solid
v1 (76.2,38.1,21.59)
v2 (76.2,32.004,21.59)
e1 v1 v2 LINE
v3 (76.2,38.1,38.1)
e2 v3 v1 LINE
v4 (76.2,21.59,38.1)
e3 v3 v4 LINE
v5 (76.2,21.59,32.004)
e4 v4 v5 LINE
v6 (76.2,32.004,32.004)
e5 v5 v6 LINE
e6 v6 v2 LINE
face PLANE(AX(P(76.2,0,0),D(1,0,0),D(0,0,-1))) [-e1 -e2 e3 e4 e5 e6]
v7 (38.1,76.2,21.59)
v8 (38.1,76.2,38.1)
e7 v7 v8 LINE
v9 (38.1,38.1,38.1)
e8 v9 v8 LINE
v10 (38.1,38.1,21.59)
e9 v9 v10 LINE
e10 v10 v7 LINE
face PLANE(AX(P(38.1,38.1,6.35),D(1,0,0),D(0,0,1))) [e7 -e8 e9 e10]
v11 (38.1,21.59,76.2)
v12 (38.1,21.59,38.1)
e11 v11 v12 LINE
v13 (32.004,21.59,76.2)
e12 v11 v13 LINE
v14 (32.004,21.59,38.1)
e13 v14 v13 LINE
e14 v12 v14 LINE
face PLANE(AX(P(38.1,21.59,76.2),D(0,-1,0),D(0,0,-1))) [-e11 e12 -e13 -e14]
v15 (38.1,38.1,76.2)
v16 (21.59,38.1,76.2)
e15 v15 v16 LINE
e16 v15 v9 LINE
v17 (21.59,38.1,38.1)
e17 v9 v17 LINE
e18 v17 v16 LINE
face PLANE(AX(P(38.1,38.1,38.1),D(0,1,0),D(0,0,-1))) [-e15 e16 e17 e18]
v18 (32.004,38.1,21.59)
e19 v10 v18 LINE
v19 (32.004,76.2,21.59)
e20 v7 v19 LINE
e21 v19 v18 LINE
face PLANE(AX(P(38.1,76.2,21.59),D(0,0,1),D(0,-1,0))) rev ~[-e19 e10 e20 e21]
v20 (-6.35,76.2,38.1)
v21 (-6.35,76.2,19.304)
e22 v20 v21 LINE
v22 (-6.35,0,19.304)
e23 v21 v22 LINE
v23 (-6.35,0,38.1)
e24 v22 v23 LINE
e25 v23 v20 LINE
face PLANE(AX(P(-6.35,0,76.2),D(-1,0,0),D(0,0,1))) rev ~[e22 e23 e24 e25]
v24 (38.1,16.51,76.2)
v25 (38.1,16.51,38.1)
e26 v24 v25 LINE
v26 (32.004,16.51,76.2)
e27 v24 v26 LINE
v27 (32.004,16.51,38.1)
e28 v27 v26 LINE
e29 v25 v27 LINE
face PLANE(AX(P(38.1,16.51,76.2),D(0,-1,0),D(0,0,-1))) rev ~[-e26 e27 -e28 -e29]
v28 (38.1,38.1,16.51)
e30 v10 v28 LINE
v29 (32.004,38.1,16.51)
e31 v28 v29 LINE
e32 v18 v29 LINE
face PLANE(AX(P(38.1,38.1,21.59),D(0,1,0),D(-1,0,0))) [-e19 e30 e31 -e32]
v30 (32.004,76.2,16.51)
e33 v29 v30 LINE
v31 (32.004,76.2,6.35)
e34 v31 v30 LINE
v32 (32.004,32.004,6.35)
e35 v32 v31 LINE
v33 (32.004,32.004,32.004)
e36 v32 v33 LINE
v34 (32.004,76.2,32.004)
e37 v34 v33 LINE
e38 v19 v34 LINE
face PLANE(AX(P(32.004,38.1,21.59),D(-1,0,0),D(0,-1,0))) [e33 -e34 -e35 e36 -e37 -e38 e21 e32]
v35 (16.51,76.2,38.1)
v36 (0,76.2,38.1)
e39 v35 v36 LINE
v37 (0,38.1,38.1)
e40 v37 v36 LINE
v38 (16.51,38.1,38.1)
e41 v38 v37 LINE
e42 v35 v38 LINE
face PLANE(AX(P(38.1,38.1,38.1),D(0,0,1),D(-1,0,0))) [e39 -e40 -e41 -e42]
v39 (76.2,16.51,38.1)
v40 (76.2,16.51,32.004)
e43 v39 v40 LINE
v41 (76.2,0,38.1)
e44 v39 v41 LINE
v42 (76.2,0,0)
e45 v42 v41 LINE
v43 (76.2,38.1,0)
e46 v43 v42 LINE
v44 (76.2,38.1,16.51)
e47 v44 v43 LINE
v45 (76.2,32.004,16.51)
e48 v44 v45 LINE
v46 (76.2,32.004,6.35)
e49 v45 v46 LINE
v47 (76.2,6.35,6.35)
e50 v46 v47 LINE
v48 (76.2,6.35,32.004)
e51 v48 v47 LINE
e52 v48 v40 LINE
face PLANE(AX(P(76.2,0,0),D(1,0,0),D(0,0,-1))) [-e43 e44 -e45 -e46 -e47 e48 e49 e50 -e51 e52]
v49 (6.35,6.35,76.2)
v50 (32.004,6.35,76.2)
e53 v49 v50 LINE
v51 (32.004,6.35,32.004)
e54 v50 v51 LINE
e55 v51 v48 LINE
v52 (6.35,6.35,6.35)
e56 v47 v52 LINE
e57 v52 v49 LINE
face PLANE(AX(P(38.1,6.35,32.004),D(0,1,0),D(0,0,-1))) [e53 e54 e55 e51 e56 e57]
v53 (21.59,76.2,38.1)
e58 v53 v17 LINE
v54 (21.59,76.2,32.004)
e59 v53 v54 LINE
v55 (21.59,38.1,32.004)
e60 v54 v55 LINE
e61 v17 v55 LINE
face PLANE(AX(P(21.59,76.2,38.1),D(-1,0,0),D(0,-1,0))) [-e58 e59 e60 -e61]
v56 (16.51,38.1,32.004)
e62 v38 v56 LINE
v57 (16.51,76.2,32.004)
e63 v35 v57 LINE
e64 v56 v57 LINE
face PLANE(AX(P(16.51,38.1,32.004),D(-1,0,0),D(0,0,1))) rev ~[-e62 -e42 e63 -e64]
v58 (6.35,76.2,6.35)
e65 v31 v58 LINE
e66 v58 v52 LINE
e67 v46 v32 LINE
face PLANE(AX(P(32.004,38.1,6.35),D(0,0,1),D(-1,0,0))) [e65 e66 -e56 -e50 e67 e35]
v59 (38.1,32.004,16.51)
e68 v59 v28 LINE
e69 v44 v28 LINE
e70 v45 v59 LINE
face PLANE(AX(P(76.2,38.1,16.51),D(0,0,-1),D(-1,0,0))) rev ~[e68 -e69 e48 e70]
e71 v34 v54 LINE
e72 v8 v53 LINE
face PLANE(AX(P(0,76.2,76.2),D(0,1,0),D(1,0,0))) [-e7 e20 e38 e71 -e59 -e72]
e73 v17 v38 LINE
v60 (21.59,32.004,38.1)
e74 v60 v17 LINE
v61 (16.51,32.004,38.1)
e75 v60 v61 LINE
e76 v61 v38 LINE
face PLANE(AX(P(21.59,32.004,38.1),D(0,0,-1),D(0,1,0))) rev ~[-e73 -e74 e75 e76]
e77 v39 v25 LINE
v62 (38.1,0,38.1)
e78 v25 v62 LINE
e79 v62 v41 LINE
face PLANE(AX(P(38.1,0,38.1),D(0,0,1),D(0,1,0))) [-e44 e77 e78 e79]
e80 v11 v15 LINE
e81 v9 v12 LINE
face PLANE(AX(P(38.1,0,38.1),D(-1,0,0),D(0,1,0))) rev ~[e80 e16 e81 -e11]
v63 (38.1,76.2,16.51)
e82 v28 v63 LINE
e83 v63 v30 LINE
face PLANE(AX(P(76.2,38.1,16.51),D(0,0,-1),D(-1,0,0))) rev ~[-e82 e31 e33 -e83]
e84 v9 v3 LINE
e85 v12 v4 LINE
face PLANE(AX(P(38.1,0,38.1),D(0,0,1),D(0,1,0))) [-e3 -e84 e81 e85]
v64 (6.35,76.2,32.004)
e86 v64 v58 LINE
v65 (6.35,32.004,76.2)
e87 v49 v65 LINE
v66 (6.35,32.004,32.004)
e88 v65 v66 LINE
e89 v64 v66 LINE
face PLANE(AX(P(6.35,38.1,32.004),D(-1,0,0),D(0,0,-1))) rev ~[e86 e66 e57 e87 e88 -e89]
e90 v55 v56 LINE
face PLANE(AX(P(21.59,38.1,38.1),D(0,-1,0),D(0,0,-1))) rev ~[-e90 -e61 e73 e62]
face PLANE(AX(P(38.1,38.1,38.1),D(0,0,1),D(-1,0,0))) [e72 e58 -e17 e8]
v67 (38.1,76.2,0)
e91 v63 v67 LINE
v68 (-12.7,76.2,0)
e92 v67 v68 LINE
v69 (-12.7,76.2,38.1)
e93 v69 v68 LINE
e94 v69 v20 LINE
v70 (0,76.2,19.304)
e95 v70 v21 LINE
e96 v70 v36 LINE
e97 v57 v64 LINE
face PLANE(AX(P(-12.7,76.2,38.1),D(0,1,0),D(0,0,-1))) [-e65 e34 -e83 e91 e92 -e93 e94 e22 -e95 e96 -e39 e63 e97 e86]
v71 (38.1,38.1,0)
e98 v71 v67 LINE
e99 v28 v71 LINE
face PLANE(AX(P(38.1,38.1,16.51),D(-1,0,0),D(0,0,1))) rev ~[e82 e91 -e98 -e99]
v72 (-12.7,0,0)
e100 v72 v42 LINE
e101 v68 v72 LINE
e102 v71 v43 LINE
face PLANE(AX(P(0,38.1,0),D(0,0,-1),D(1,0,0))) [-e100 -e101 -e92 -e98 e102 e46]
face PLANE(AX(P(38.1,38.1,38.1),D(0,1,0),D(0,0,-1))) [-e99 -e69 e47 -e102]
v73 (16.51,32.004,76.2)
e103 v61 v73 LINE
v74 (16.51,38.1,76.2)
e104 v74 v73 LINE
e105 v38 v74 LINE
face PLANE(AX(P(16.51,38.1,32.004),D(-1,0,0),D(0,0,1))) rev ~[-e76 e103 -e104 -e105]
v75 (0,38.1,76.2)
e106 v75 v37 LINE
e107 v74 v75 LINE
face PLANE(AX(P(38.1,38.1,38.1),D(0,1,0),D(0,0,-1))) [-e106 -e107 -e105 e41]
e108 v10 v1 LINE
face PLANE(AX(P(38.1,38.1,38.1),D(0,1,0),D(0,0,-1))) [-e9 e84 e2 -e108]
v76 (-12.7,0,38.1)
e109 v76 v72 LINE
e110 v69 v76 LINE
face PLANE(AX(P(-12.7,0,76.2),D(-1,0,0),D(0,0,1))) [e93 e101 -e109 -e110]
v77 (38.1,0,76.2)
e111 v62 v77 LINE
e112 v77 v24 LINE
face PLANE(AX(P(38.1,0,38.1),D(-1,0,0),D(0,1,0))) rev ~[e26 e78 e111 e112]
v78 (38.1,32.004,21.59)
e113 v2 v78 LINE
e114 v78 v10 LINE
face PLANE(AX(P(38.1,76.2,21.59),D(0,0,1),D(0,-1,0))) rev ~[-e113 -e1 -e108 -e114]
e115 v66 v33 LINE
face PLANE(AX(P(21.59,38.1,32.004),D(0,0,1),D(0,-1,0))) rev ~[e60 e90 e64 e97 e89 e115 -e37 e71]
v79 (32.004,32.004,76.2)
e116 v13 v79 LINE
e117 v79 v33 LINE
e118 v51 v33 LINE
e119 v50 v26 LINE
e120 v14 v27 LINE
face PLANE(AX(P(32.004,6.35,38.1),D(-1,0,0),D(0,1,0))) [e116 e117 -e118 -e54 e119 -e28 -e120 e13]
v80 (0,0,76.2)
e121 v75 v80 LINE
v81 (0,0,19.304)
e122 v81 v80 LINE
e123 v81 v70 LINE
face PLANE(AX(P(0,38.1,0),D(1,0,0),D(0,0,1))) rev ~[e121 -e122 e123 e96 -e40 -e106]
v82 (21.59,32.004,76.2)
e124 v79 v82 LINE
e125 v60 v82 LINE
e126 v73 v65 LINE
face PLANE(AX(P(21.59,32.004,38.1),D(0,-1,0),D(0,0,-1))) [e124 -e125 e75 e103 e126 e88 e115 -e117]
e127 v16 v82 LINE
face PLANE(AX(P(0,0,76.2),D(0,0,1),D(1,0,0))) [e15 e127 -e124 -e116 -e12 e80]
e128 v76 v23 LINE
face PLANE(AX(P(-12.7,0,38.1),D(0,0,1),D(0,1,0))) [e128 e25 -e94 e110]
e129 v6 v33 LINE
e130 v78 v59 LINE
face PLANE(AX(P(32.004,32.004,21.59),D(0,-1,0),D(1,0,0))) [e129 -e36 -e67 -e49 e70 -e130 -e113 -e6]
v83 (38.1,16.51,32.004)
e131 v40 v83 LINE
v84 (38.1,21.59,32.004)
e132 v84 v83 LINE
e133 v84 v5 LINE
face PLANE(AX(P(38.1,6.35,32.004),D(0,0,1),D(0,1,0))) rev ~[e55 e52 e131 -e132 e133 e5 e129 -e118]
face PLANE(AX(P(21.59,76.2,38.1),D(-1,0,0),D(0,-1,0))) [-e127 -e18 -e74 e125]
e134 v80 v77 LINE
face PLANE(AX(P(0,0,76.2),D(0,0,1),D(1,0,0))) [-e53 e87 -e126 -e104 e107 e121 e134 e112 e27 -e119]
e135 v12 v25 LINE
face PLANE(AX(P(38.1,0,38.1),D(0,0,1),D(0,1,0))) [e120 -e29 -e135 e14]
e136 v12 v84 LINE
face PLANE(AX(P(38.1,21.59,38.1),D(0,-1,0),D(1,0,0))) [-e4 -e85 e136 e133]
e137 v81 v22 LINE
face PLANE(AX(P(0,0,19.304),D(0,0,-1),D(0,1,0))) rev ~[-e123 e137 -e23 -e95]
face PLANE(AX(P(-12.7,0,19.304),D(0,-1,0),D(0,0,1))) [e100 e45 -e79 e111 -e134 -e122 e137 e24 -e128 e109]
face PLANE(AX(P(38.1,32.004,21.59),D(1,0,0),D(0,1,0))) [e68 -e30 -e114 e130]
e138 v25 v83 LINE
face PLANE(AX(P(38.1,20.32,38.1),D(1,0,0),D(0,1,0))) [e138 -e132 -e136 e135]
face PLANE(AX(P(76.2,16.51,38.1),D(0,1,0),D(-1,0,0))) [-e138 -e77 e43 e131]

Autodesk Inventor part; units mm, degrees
ref_plane "YZ Plane" through (0, 0, 0) normal (1, 0, 0) x (0, 1, 0)
ref_plane "XZ Plane" through (0, 0, 0) normal (0, 1, 0) x (-1, 0, 0)
ref_plane "XY Plane" through (0, 0, 0) normal (0, 0, 1) x (1, 0, 0)
sketch "Sketch1" plane through (0, 0, 0) normal (0, 0, 1) x (1, 0, 0)
  line L0 (0, 0) -> (38.1, 0)
  line L1 (38.1, 0) -> (38.1, 38.1)
  line L2 (38.1, 38.1) -> (0, 38.1)
  line L3 (0, 38.1) -> (0, 0)
  dimension "d0" = 38.1
  dimension "d1" = 38.1
extrude "Extrusion1" add sketch "Sketch1" along normal blind 38.1
sketch "Sketch2" plane through (0, 0, 38.1) normal (0, 0, 1) x (1, 0, 0)
  line L0 (6.35, 6.35) -> (32.004, 6.35)
  line L1 (32.004, 6.35) -> (32.004, 32.004)
  line L2 (32.004, 32.004) -> (6.35, 32.004)
  line L3 (6.35, 32.004) -> (6.35, 6.35)
  line L4 (38.1, 0) -> (38.1, 38.1) projected
  line L5 (0, 0) -> (38.1, 0)
  line L6 (38.1, 0) -> (38.1, 38.1)
  line L7 (38.1, 38.1) -> (0, 38.1)
  line L8 (0, 38.1) -> (0, 0)
  dimension "d4" = 25.654
  dimension "d5" = 25.654
extrude "Extrusion2" cut sketch "Sketch2" against normal blind 31.75 contours L3 L2 L1 L0
sketch "Sketch5" plane through (0, 0, 38.1) normal (0, 0, 1) x (1, 0, 0)
  line L0 (6.35, 6.35) -> (6.35, 32.004) projected
  line L1 (6.35, 6.35) -> (32.004, 6.35)
  line L2 (32.004, 6.35) -> (32.004, 32.004)
  line L3 (32.004, 32.004) -> (6.35, 32.004)
  line L4 (6.35, 32.004) -> (6.35, 6.35)
  line L5 (0, 0) -> (38.1, 0) projected
  line L6 (0, 0) -> (38.1, 0)
  line L7 (38.1, 0) -> (38.1, 38.1)
  line L8 (38.1, 38.1) -> (0, 38.1)
  line L9 (0, 38.1) -> (0, 0)
extrude "Extrusion4" add sketch "Sketch5" along normal blind 38.1
sketch "Sketch7" plane through (38.1, 0, 0) normal (1, 0, 0) x (0, 0, -1)
  line L0 (0, 0) -> (-76.2, 0) projected
  line L1 (0, 0) -> (-38.1, 0)
  line L2 (-38.1, 0) -> (-38.1, 38.1)
  line L3 (-38.1, 38.1) -> (0, 38.1)
  line L4 (0, 38.1) -> (0, 0)
  line L5 (-76.2, 6.35) -> (-6.35, 6.35) projected
  line L6 (-6.35, 6.35) -> (-32.004, 6.35)
  line L7 (-32.004, 6.35) -> (-32.004, 32.004)
  line L8 (-32.004, 32.004) -> (-6.35, 32.004)
  line L9 (-6.35, 32.004) -> (-6.35, 6.35)
  dimension "d16" = 38.1
  dimension "d17" = 38.1
  dimension "d20" = 25.654
  dimension "d21" = 25.654
extrude "Extrusion6" add sketch "Sketch7" along normal blind 38.1
sketch "Sketch9" plane through (38.1, 6.35, 6.35) normal (1, 0, 0) x (0, 0, -1)
  line L0 (-25.654, 0) -> (-25.654, 25.654) projected
  line L1 (0, 0) -> (0, 25.654) projected
  line L2 (-25.654, 0) -> (0, 0)
  line L3 (0, 0) -> (0, 25.654)
  line L4 (0, 25.654) -> (-25.654, 25.654)
  line L5 (-25.654, 25.654) -> (-25.654, 0)
  point P0 (6.35, -6.35)
extrude "Extrusion7" cut sketch "Sketch9" against normal blind 31.75
sketch "Sketch10" plane through (0, 38.1, 76.2) normal (0, 1, 0) x (1, 0, 0)
  line L0 (76.2, 69.85) -> (6.35, 69.85) projected
  line L1 (6.35, 69.85) -> (32.004, 69.85)
  line L2 (32.004, 69.85) -> (32.004, 44.196)
  line L3 (32.004, 44.196) -> (6.35, 44.196)
  line L4 (6.35, 44.196) -> (6.35, 69.85)
  line L5 (38.1, 38.1) -> (38.1, 0) projected
  line L6 (0, 76.2) -> (0, 0) projected
  line L7 (38.1, 38.1) -> (0, 38.1)
  line L8 (0, 38.1) -> (0, 76.2)
  line L9 (0, 76.2) -> (38.1, 76.2)
  line L10 (38.1, 76.2) -> (38.1, 38.1)
  point P0 (0, 38.1)
  dimension "d26" = 25.654
  dimension "d27" = 25.654
extrude "Extrusion8" add sketch "Sketch10" along normal blind 38.1
sketch "Sketch11" plane through (6.35, 38.1, 6.35) normal (0, 1, 0) x (1, 0, 0)
  line L0 (0, -25.654) -> (25.654, -25.654) projected
  line L1 (25.654, -25.654) -> (0, -25.654)
  line L2 (0, -25.654) -> (0, 0)
  line L3 (0, 0) -> (25.654, 0)
  line L4 (25.654, 0) -> (25.654, -25.654)
  point P0 (-6.35, 6.35)
extrude "Extrusion9" cut sketch "Sketch11" against normal blind 6.35
sketch "Sketch12" plane through (0, 76.2, 76.2) normal (0, 1, 0) x (1, 0, 0)
  line L0 (38.1, 55.88) -> (32.004, 55.88)
  line L1 (32.004, 55.88) -> (32.004, 58.42)
  line L2 (32.004, 58.42) -> (38.1, 58.42)
  line L3 (38.1, 58.42) -> (38.1, 55.88)
  point P0 (0, 76.2)
  dimension "d32" = 6.096
  dimension "d33" = 2.54
extrude "Extrusion10" cut sketch "Sketch12" against normal blind 38.1
sketch "Sketch13" plane through (76.2, 38.1, 38.1) normal (0, 1, 0) x (1, 0, 0)
  line L0 (0, 31.75) -> (0, 6.096) projected
  line L1 (-44.196, 17.78) -> (0, 17.78)
  line L2 (0, 17.78) -> (0, 20.32)
  line L3 (0, 20.32) -> (-44.196, 20.32)
  line L4 (-44.196, 20.32) -> (-44.196, 17.78)
  point P0 (-76.2, 38.1)
  dimension "d36" = 2.54
extrude "Extrusion11" cut sketch "Sketch13" against normal blind 6.35
sketch "Sketch15" plane through (0, 76.2, 76.2) normal (0, 1, 0) x (1, 0, 0)
  line L0 (17.78, 38.1) -> (20.32, 38.1)
  line L1 (20.32, 38.1) -> (20.32, 44.196)
  line L2 (20.32, 44.196) -> (17.78, 44.196)
  line L3 (17.78, 44.196) -> (17.78, 38.1)
  point P0 (0, 76.2)
  dimension "d39" = 2.54
  dimension "d40" = 6.096
extrude "Extrusion12" cut sketch "Sketch15" against normal blind 38.1
sketch "Sketch16" plane through (0, 38.1, 76.2) normal (0, 1, 0) x (1, 0, 0)
  line L0 (20.32, 44.196) -> (20.32, 38.1) projected
  line L1 (0, 0) -> (38.1, 0) projected
  line L2 (20.32, 44.196) -> (17.78, 44.196)
  line L3 (17.78, 44.196) -> (17.78, 0)
  line L4 (17.78, 0) -> (20.32, 0)
  line L5 (20.32, 0) -> (20.32, 44.196)
  point P0 (0, 76.2)
  dimension "d43" = 2.54
extrude "Extrusion13" cut sketch "Sketch16" against normal blind 6.35
sketch "Sketch17" plane through (38.1, 0, 76.2) normal (1, 0, 0) x (0, 0, -1)
  line L0 (38.1, 0) -> (38.1, 38.1) projected
  line L1 (0, 17.78) -> (38.1, 17.78)
  line L2 (38.1, 17.78) -> (38.1, 20.32)
  line L3 (38.1, 20.32) -> (0, 20.32)
  line L4 (0, 20.32) -> (0, 17.78)
  point P0 (76.2, 0)
  dimension "d46" = 2.54
extrude "Extrusion14" cut sketch "Sketch17" against normal blind 6.35
sketch "Sketch18" plane through (38.1, 0, 38.1) normal (0, 0, 1) x (1, 0, 0)
  line L0 (0, 17.78) -> (38.1, 17.78)
  line L1 (38.1, 17.78) -> (38.1, 20.32)
  line L2 (38.1, 20.32) -> (0, 20.32)
  line L3 (0, 20.32) -> (0, 17.78)
  point P0 (-38.1, 0)
  dimension "d49" = 38.1
  dimension "d50" = 2.54
extrude "Extrusion15" cut sketch "Sketch18" against normal blind 6.35
sketch "Sketch20" plane through (38.1, 38.1, 38.1) normal (0, 0, 1) x (1, 0, 0)
  line L0 (-17.78, -6.096) -> (-17.78, 38.1) projected
  line L1 (0, 0) -> (-17.78, 0) projected
  line L2 (-17.78, 38.1) -> (-16.51, 38.1)
  line L3 (-16.51, 38.1) -> (-16.51, 0)
  line L4 (-16.51, 0) -> (-17.78, 0)
  line L5 (-17.78, 0) -> (-17.78, 38.1)
  point P0 (-38.1, -38.1)
  dimension "d53" = 1.27
extrude "Extrusion16" cut sketch "Sketch20" against normal blind 6.35
sketch "Sketch21" plane through (38.1, 38.1, 76.2) normal (0, 1, 0) x (1, 0, 0)
  line L0 (-17.78, 0) -> (-17.78, 44.196) projected
  line L1 (0, 0) -> (-17.78, 0) projected
  line L2 (-17.78, 44.196) -> (-16.51, 44.196)
  line L3 (-16.51, 44.196) -> (-16.51, 0)
  line L4 (-16.51, 0) -> (-17.78, 0)
  line L5 (-17.78, 0) -> (-17.78, 44.196)
  point P0 (-38.1, 76.2)
  dimension "d56" = 1.27
extrude "Extrusion17" cut sketch "Sketch21" against normal blind 6.35
sketch "Sketch23" plane through (0, 38.1, 38.1) normal (0, 0, 1) x (1, 0, 0)
  line L0 (17.78, 0) -> (17.78, 38.1) projected
  line L1 (17.78, 0) -> (0, 0) projected
  line L2 (17.78, 38.1) -> (16.51, 38.1)
  line L3 (16.51, 38.1) -> (16.51, 0)
  line L4 (16.51, 0) -> (17.78, 0)
  line L5 (17.78, 0) -> (17.78, 38.1)
  point P0 (0, -38.1)
  dimension "d59" = 1.27
extrude "Extrusion18" cut sketch "Sketch23" against normal blind 6.35
sketch "Sketch24" plane through (0, 38.1, 76.2) normal (0, 1, 0) x (1, 0, 0)
  line L0 (17.78, 44.196) -> (17.78, 0) projected
  line L1 (17.78, 0) -> (0, 0) projected
  line L2 (17.78, 44.196) -> (16.51, 44.196)
  line L3 (16.51, 44.196) -> (16.51, 0)
  line L4 (16.51, 0) -> (17.78, 0)
  line L5 (17.78, 0) -> (17.78, 44.196)
  point P0 (0, 76.2)
  dimension "d62" = 1.27
extrude "Extrusion19" cut sketch "Sketch24" against normal blind 6.35
sketch "Sketch25" plane through (38.1, 0, 76.2) normal (1, 0, 0) x (0, 0, -1)
  line L0 (38.1, 0) -> (38.1, 17.78) projected
  line L1 (38.1, 17.78) -> (0, 17.78)
  line L2 (0, 17.78) -> (0, 16.51)
  line L3 (0, 16.51) -> (38.1, 16.51)
  line L4 (38.1, 16.51) -> (38.1, 17.78)
  point P0 (76.2, 0)
  dimension "d65" = 38.1
  dimension "d66" = 1.27
extrude "Extrusion20" cut sketch "Sketch25" against normal blind 6.35
sketch "Sketch26" plane through (38.1, 38.1, 76.2) normal (1, 0, 0) x (0, 0, -1)
  line L0 (0, -17.78) -> (38.1, -17.78) projected
  line L1 (38.1, -17.78) -> (0, -17.78)
  line L2 (0, -17.78) -> (0, -16.51)
  line L3 (0, -16.51) -> (38.1, -16.51)
  line L4 (38.1, -16.51) -> (38.1, -17.78)
  point P0 (76.2, -38.1)
  dimension "d69" = 38.1
  dimension "d70" = 1.27
extrude "Extrusion21" cut sketch "Sketch26" against normal blind 6.35
sketch "Sketch27" plane through (38.1, 0, 38.1) normal (0, 0, 1) x (1, 0, 0)
  line L0 (0, 21.59) -> (0, 38.1) projected
  line L1 (0, 20.32) -> (38.1, 20.32) projected
  line L2 (0, 21.59) -> (38.1, 21.59)
  line L3 (38.1, 21.59) -> (38.1, 20.32)
  line L4 (38.1, 20.32) -> (0, 20.32)
  line L5 (0, 20.32) -> (0, 21.59)
  line L6 (38.1, 17.78) -> (0, 17.78) projected
  line L7 (0, 17.78) -> (38.1, 17.78)
  line L8 (38.1, 17.78) -> (38.1, 16.51)
  line L9 (38.1, 16.51) -> (0, 16.51)
  line L10 (0, 16.51) -> (0, 17.78)
  point P0 (-38.1, 0)
  dimension "d73" = 38.1
  dimension "d74" = 1.27
extrude "Extrusion22" cut sketch "Sketch27" against normal blind 6.35
sketch "Sketch28" plane through (38.1, 38.1, 38.1) normal (0, 1, 0) x (1, 0, 0)
  line L0 (0, 20.32) -> (38.1, 20.32) projected
  line L1 (0, 20.32) -> (38.1, 20.32)
  line L2 (38.1, 20.32) -> (38.1, 21.59)
  line L3 (38.1, 21.59) -> (0, 21.59)
  line L4 (0, 21.59) -> (0, 20.32)
  line L5 (-6.096, 17.78) -> (38.1, 17.78) projected
  line L6 (38.1, 17.78) -> (0, 17.78)
  line L7 (0, 17.78) -> (0, 16.51)
  line L8 (0, 16.51) -> (38.1, 16.51)
  line L9 (38.1, 16.51) -> (38.1, 17.78)
  point P0 (-38.1, 38.1)
  point P1 (0, 17.78)
  dimension "d77" = 38.1
  dimension "d78" = 1.27
  dimension "d79" = 38.1
  dimension "d80" = 1.27
extrude "Extrusion23" cut sketch "Sketch28" against normal blind 6.35
sketch "Sketch29" plane through (38.1, 38.1, 0) normal (1, 0, 0) x (0, 0, -1)
  line L0 (-17.78, -6.096) -> (-6.35, -6.096) projected
  line L1 (-6.35, 38.1) -> (-17.78, 38.1) projected
  line L2 (-17.78, -6.096) -> (-16.51, -6.096)
  line L3 (-16.51, -6.096) -> (-16.51, 38.1)
  line L4 (-16.51, 38.1) -> (-17.78, 38.1)
  line L5 (-17.78, 38.1) -> (-17.78, -6.096)
  line L6 (-21.59, 0) -> (-21.59, -6.096) projected
  line L7 (-20.32, 38.1) -> (-20.32, -6.096) projected
  line L8 (-21.59, -6.096) -> (-20.32, -6.096)
  line L9 (-20.32, -6.096) -> (-20.32, 38.1)
  line L10 (-20.32, 38.1) -> (-21.59, 38.1)
  line L11 (-21.59, 38.1) -> (-21.59, -6.096)
  point P0 (0, -38.1)
  point P1 (-20.32, -6.096)
  dimension "d83" = 1.27
extrude "Extrusion24" cut sketch "Sketch29" against normal blind 6.35
sketch "Sketch30" plane through (76.2, 38.1, 21.59) normal (0, 0, -1) x (-1, 0, 0)
  line L0 (0, 0) -> (38.1, 0) projected
  line L1 (44.196, 38.1) -> (44.196, -6.096) projected
  line L2 (38.1, 0) -> (44.196, 0)
  line L3 (44.196, 0) -> (44.196, -6.096)
  line L4 (44.196, -6.096) -> (38.1, -6.096)
  line L5 (38.1, -6.096) -> (38.1, 0)
  point P0 (76.2, -38.1)
  point P1 (44.196, 0)
extrude "Extrusion25" add sketch "Sketch30" along normal blind 5.08
sketch "Sketch31" plane through (21.59, 38.1, 38.1) normal (-1, 0, 0) x (0, 0, 1)
  line L0 (38.1, -6.096) -> (-6.096, -6.096) projected
  line L1 (0, 0) -> (-6.096, 0)
  line L2 (-6.096, 0) -> (-6.096, -6.096)
  line L3 (-6.096, -6.096) -> (0, -6.096)
  line L4 (0, -6.096) -> (0, 0)
  point P0 (-38.1, -38.1)
extrude "Extrusion26" add sketch "Sketch31" along normal blind 5.08
sketch "Sketch32" plane through (0, 0, 76.2) normal (-1, 0, 0) x (0, 0, 1)
  line L0 (0, 38.1) -> (0, 0) projected
  line L1 (0, 19.05) -> (-76.2, 19.05)
  line L2 (-76.2, 19.05) -> (-76.2, 0)
  line L3 (-76.2, 0) -> (0, 0)
  line L4 (0, 0) -> (0, 19.05)
  line L5 (-76.2, 0) -> (-56.896, 0)
  line L6 (-56.896, 0) -> (-56.896, 76.2)
  line L7 (-56.896, 76.2) -> (-76.2, 76.2)
  line L8 (-76.2, 76.2) -> (-76.2, 0)
  point P0 (0, 0)
  point P1 (-56.896, 19.05)
  dimension "d90" = 19.304
  dimension "d91" = 76.2
extrude "Extrusion27" add sketch "Sketch32" along normal blind 12.7 contours L6 L3 L2 L1 | L1 L8 L7 L6
sketch "Sketch35" plane through (-12.7, 0, 76.2) normal (-1, 0, 0) x (0, 0, 1)
  line L0 (-38.1, 38.1) -> (-38.1, 76.2) projected
  line L1 (-38.1, 76.2) -> (-56.896, 76.2)
  line L2 (-56.896, 76.2) -> (-56.896, 0)
  line L3 (-56.896, 0) -> (-38.1, 0)
  line L4 (-38.1, 0) -> (-38.1, 76.2)
  point P0 (-76.2, 0)
  dimension "d102" = 18.796
  dimension "d103" = 76.2
extrude "Extrusion30" add sketch "Sketch35" against normal blind 6.35
properties part number "corner connector with rails (front left)"
